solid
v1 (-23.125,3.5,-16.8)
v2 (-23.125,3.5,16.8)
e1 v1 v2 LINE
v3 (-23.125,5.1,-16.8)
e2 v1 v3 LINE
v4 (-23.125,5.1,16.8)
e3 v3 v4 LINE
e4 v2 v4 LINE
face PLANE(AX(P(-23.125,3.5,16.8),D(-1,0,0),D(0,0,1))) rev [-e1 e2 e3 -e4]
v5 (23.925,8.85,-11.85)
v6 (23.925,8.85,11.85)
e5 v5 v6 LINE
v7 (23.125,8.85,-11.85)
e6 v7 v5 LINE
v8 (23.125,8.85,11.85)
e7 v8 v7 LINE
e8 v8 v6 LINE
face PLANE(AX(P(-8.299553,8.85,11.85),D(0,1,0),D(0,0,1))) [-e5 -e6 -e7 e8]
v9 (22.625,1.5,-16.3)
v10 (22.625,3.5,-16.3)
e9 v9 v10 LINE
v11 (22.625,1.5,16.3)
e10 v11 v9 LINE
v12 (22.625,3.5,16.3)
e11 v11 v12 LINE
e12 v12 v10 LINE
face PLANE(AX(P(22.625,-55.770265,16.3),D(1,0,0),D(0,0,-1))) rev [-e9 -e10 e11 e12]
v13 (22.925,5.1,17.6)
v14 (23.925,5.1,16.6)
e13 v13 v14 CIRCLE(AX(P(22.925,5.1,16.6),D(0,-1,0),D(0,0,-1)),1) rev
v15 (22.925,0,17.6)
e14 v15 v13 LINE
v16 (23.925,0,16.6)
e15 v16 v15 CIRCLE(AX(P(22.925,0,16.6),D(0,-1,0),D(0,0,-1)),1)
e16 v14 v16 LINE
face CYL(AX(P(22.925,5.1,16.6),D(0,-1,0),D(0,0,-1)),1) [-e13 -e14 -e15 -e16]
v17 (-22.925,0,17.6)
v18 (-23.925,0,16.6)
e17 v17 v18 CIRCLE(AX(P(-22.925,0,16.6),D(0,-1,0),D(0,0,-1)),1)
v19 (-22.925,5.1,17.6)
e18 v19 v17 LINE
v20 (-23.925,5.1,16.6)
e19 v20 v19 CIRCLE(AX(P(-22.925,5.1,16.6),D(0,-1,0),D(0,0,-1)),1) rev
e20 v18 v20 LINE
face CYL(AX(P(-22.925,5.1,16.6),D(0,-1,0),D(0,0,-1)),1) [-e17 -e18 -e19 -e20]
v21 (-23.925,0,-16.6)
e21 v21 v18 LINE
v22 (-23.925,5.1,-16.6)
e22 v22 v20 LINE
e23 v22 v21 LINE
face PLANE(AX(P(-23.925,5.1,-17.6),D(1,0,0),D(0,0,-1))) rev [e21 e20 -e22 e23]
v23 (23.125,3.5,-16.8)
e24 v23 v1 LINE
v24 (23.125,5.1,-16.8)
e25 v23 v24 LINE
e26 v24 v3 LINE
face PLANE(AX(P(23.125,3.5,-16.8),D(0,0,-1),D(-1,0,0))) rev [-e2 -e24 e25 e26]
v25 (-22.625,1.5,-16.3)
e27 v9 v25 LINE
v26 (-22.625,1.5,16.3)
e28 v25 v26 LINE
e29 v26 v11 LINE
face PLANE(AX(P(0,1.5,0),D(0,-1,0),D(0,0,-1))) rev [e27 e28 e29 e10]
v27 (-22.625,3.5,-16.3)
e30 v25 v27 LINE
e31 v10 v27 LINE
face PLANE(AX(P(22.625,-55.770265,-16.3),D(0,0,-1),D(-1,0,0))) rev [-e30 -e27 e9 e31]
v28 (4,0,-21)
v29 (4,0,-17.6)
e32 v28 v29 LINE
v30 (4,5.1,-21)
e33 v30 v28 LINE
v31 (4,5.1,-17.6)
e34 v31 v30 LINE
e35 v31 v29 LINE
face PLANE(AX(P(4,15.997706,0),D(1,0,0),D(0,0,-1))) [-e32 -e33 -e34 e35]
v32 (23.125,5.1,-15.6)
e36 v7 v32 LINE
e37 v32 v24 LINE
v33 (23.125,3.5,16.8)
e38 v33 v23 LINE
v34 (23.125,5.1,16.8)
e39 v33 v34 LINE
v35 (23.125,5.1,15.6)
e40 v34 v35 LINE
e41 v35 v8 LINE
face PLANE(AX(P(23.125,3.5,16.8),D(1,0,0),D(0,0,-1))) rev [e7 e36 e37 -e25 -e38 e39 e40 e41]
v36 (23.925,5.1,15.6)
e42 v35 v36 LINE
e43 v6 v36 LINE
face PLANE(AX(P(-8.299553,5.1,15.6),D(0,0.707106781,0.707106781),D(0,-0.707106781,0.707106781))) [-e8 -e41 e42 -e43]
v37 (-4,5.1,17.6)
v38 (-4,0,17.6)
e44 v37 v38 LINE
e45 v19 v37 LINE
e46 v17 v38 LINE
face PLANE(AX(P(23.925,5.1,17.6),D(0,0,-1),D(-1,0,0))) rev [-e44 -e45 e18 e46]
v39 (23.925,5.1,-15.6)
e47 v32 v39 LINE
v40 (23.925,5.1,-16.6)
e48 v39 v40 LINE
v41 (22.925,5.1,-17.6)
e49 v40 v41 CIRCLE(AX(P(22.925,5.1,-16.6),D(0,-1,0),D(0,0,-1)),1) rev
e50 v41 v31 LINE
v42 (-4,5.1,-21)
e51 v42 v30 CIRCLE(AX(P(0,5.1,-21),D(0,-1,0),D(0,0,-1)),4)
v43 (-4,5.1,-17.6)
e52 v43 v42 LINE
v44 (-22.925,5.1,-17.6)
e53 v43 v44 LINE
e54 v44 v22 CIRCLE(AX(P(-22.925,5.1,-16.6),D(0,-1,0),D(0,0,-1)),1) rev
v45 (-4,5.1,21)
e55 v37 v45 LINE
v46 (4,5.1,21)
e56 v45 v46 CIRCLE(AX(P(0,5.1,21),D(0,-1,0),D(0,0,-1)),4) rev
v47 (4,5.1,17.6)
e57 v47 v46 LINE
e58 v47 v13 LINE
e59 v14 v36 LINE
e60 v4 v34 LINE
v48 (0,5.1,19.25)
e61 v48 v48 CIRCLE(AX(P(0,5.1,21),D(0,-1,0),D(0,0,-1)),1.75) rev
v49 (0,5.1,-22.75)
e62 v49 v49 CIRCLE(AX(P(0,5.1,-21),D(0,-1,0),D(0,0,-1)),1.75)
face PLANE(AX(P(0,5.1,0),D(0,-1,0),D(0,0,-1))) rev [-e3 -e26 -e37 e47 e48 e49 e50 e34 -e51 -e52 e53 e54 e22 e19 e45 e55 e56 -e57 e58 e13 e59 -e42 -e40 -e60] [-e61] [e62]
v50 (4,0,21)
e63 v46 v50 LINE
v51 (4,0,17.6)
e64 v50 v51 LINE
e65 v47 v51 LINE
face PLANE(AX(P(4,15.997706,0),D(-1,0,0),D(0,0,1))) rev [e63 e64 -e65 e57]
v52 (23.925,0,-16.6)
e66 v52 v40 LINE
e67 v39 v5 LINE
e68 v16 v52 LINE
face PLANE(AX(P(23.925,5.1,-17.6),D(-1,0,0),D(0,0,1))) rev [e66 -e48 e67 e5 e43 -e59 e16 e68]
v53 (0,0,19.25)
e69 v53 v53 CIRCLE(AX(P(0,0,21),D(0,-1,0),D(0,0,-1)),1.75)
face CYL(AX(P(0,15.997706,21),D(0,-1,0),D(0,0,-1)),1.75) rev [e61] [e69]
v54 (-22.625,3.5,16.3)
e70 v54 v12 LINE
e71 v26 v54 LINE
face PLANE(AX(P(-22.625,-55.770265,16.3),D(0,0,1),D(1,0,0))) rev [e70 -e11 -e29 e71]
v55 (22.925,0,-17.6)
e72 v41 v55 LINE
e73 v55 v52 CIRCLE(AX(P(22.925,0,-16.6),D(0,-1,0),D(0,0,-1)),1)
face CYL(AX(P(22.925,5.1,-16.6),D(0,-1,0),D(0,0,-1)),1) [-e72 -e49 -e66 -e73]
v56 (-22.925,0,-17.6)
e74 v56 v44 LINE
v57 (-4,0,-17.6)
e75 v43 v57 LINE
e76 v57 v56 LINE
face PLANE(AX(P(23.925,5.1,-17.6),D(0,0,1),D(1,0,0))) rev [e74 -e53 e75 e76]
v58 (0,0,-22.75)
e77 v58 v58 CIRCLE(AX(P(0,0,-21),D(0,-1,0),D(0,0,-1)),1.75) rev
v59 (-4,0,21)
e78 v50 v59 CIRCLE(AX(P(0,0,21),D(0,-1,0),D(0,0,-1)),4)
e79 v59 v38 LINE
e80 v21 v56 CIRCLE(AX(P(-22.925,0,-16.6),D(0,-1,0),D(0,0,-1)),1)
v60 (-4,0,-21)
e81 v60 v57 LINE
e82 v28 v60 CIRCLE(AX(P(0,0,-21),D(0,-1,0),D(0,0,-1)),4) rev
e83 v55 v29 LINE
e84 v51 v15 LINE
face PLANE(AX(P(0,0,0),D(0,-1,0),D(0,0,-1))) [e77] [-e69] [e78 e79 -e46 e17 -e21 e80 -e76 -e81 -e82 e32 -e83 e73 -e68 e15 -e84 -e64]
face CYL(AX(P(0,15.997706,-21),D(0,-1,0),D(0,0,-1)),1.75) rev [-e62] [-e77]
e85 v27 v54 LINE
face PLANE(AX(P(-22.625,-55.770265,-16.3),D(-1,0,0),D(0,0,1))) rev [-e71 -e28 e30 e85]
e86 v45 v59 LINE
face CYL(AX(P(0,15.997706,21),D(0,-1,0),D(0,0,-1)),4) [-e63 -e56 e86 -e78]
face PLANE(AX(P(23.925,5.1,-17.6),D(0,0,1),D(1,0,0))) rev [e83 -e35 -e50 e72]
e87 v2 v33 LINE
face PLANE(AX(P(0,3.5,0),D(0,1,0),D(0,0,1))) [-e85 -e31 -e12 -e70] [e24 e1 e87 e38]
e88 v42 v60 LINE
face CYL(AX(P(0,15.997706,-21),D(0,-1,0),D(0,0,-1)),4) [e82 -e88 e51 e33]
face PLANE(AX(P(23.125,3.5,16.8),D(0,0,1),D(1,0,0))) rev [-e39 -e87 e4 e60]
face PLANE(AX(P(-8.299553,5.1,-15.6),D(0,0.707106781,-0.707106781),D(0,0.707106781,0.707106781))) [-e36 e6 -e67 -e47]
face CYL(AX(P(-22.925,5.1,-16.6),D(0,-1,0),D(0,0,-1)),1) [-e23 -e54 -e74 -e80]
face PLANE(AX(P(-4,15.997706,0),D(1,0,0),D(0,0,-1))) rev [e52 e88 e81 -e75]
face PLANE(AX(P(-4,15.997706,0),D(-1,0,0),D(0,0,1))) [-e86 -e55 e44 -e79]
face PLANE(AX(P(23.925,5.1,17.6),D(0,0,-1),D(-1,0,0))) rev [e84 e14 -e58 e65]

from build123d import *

# Parameters (mm, degrees)
SKETCH1_W           = 47.85
SKETCH1_H           = 35.2
BOSS_EXTRUDE1_DEPTH = 5.1
SKETCH2_W           = 46.25
SKETCH2_H           = 33.6
CUT_EXTRUDE1_DEPTH  = 1.6
SKETCH3_W           = 45.25
SKETCH3_H           = 32.6
CUT_EXTRUDE2_DEPTH  = 2
BOSS_EXTRUDE2_DEPTH = 0.8
FILLET1_R           = 1
SKETCH6_R           = 1.75
BOSS_EXTRUDE3_DEPTH = 5.1


with BuildPart() as part:
    # Sketch1 → Boss-Extrude1 (new body)
    with BuildSketch(Plane(origin=(0, 0, 0), x_dir=(1, 0, 0), z_dir=(0, 1, 0))):
        Rectangle(SKETCH1_W, SKETCH1_H)
    extrude(amount=BOSS_EXTRUDE1_DEPTH)

    # Sketch2 → Cut-Extrude1 (cut)
    with BuildSketch(Plane(origin=(0, 5.1, 0), x_dir=(1, 0, 0), z_dir=(0, 1, 0))):
        Rectangle(SKETCH2_W, SKETCH2_H)
    extrude(amount=-CUT_EXTRUDE1_DEPTH, mode=Mode.SUBTRACT)

    # Sketch3 → Cut-Extrude2 (cut)
    with BuildSketch(Plane(origin=(0, 3.5, 0), x_dir=(1, 0, 0), z_dir=(0, 1, 0))):
        Rectangle(SKETCH3_W, SKETCH3_H)
    extrude(amount=-CUT_EXTRUDE2_DEPTH, mode=Mode.SUBTRACT)

    # Sketch4 → Boss-Extrude2 (add)
    with BuildSketch(Plane(origin=(23.925, 0, 0), x_dir=(0, 0, -1), z_dir=(1, 0, 0))):
        Polygon((-15.6, 5.1), (-11.85, 8.85), (11.85, 8.85), (15.6, 5.1), align=None)
    extrude(amount=-BOSS_EXTRUDE2_DEPTH)

    # Fillet1
    fillet1_edges = [part.edges().sort_by_distance(p)[0] for p in [
        (-23.925, 2.55, -17.6),
        (23.925, 2.55, -17.6),
        (23.925, 2.55, 17.6),
        (-23.925, 2.55, 17.6),
    ]]
    fillet(fillet1_edges, radius=FILLET1_R)

    # Sketch6 → Boss-Extrude3 (add)
    # profile 1 of 2: a face of its own
    with BuildSketch(Plane.XZ):
        with BuildLine():
            Line((-4, 17.6), (4, 17.6))
            Line((4, 17.6), (4, 21))
            ThreePointArc((4, 21), (0, 25), (-4, 21))
            Line((-4, 21), (-4, 17.6))
        make_face()
        with Locations(Location((0, 21, 0), (0, 0, 270))):
            Circle(SKETCH6_R, mode=Mode.SUBTRACT)
    # profile 2 of 2: a face of its own
    with BuildSketch(Plane.XZ):
        with BuildLine():
            Line((-4, -17.6), (-4, -21))
            ThreePointArc((-4, -21), (0, -25), (4, -21))
            Line((4, -21), (4, -17.6))
            Line((4, -17.6), (-4, -17.6))
        make_face()
        with Locations(Location((0, -21, 0), (0, 0, 270))):
            Circle(SKETCH6_R, mode=Mode.SUBTRACT)
    extrude(amount=-BOSS_EXTRUDE3_DEPTH)


solid = part.part
